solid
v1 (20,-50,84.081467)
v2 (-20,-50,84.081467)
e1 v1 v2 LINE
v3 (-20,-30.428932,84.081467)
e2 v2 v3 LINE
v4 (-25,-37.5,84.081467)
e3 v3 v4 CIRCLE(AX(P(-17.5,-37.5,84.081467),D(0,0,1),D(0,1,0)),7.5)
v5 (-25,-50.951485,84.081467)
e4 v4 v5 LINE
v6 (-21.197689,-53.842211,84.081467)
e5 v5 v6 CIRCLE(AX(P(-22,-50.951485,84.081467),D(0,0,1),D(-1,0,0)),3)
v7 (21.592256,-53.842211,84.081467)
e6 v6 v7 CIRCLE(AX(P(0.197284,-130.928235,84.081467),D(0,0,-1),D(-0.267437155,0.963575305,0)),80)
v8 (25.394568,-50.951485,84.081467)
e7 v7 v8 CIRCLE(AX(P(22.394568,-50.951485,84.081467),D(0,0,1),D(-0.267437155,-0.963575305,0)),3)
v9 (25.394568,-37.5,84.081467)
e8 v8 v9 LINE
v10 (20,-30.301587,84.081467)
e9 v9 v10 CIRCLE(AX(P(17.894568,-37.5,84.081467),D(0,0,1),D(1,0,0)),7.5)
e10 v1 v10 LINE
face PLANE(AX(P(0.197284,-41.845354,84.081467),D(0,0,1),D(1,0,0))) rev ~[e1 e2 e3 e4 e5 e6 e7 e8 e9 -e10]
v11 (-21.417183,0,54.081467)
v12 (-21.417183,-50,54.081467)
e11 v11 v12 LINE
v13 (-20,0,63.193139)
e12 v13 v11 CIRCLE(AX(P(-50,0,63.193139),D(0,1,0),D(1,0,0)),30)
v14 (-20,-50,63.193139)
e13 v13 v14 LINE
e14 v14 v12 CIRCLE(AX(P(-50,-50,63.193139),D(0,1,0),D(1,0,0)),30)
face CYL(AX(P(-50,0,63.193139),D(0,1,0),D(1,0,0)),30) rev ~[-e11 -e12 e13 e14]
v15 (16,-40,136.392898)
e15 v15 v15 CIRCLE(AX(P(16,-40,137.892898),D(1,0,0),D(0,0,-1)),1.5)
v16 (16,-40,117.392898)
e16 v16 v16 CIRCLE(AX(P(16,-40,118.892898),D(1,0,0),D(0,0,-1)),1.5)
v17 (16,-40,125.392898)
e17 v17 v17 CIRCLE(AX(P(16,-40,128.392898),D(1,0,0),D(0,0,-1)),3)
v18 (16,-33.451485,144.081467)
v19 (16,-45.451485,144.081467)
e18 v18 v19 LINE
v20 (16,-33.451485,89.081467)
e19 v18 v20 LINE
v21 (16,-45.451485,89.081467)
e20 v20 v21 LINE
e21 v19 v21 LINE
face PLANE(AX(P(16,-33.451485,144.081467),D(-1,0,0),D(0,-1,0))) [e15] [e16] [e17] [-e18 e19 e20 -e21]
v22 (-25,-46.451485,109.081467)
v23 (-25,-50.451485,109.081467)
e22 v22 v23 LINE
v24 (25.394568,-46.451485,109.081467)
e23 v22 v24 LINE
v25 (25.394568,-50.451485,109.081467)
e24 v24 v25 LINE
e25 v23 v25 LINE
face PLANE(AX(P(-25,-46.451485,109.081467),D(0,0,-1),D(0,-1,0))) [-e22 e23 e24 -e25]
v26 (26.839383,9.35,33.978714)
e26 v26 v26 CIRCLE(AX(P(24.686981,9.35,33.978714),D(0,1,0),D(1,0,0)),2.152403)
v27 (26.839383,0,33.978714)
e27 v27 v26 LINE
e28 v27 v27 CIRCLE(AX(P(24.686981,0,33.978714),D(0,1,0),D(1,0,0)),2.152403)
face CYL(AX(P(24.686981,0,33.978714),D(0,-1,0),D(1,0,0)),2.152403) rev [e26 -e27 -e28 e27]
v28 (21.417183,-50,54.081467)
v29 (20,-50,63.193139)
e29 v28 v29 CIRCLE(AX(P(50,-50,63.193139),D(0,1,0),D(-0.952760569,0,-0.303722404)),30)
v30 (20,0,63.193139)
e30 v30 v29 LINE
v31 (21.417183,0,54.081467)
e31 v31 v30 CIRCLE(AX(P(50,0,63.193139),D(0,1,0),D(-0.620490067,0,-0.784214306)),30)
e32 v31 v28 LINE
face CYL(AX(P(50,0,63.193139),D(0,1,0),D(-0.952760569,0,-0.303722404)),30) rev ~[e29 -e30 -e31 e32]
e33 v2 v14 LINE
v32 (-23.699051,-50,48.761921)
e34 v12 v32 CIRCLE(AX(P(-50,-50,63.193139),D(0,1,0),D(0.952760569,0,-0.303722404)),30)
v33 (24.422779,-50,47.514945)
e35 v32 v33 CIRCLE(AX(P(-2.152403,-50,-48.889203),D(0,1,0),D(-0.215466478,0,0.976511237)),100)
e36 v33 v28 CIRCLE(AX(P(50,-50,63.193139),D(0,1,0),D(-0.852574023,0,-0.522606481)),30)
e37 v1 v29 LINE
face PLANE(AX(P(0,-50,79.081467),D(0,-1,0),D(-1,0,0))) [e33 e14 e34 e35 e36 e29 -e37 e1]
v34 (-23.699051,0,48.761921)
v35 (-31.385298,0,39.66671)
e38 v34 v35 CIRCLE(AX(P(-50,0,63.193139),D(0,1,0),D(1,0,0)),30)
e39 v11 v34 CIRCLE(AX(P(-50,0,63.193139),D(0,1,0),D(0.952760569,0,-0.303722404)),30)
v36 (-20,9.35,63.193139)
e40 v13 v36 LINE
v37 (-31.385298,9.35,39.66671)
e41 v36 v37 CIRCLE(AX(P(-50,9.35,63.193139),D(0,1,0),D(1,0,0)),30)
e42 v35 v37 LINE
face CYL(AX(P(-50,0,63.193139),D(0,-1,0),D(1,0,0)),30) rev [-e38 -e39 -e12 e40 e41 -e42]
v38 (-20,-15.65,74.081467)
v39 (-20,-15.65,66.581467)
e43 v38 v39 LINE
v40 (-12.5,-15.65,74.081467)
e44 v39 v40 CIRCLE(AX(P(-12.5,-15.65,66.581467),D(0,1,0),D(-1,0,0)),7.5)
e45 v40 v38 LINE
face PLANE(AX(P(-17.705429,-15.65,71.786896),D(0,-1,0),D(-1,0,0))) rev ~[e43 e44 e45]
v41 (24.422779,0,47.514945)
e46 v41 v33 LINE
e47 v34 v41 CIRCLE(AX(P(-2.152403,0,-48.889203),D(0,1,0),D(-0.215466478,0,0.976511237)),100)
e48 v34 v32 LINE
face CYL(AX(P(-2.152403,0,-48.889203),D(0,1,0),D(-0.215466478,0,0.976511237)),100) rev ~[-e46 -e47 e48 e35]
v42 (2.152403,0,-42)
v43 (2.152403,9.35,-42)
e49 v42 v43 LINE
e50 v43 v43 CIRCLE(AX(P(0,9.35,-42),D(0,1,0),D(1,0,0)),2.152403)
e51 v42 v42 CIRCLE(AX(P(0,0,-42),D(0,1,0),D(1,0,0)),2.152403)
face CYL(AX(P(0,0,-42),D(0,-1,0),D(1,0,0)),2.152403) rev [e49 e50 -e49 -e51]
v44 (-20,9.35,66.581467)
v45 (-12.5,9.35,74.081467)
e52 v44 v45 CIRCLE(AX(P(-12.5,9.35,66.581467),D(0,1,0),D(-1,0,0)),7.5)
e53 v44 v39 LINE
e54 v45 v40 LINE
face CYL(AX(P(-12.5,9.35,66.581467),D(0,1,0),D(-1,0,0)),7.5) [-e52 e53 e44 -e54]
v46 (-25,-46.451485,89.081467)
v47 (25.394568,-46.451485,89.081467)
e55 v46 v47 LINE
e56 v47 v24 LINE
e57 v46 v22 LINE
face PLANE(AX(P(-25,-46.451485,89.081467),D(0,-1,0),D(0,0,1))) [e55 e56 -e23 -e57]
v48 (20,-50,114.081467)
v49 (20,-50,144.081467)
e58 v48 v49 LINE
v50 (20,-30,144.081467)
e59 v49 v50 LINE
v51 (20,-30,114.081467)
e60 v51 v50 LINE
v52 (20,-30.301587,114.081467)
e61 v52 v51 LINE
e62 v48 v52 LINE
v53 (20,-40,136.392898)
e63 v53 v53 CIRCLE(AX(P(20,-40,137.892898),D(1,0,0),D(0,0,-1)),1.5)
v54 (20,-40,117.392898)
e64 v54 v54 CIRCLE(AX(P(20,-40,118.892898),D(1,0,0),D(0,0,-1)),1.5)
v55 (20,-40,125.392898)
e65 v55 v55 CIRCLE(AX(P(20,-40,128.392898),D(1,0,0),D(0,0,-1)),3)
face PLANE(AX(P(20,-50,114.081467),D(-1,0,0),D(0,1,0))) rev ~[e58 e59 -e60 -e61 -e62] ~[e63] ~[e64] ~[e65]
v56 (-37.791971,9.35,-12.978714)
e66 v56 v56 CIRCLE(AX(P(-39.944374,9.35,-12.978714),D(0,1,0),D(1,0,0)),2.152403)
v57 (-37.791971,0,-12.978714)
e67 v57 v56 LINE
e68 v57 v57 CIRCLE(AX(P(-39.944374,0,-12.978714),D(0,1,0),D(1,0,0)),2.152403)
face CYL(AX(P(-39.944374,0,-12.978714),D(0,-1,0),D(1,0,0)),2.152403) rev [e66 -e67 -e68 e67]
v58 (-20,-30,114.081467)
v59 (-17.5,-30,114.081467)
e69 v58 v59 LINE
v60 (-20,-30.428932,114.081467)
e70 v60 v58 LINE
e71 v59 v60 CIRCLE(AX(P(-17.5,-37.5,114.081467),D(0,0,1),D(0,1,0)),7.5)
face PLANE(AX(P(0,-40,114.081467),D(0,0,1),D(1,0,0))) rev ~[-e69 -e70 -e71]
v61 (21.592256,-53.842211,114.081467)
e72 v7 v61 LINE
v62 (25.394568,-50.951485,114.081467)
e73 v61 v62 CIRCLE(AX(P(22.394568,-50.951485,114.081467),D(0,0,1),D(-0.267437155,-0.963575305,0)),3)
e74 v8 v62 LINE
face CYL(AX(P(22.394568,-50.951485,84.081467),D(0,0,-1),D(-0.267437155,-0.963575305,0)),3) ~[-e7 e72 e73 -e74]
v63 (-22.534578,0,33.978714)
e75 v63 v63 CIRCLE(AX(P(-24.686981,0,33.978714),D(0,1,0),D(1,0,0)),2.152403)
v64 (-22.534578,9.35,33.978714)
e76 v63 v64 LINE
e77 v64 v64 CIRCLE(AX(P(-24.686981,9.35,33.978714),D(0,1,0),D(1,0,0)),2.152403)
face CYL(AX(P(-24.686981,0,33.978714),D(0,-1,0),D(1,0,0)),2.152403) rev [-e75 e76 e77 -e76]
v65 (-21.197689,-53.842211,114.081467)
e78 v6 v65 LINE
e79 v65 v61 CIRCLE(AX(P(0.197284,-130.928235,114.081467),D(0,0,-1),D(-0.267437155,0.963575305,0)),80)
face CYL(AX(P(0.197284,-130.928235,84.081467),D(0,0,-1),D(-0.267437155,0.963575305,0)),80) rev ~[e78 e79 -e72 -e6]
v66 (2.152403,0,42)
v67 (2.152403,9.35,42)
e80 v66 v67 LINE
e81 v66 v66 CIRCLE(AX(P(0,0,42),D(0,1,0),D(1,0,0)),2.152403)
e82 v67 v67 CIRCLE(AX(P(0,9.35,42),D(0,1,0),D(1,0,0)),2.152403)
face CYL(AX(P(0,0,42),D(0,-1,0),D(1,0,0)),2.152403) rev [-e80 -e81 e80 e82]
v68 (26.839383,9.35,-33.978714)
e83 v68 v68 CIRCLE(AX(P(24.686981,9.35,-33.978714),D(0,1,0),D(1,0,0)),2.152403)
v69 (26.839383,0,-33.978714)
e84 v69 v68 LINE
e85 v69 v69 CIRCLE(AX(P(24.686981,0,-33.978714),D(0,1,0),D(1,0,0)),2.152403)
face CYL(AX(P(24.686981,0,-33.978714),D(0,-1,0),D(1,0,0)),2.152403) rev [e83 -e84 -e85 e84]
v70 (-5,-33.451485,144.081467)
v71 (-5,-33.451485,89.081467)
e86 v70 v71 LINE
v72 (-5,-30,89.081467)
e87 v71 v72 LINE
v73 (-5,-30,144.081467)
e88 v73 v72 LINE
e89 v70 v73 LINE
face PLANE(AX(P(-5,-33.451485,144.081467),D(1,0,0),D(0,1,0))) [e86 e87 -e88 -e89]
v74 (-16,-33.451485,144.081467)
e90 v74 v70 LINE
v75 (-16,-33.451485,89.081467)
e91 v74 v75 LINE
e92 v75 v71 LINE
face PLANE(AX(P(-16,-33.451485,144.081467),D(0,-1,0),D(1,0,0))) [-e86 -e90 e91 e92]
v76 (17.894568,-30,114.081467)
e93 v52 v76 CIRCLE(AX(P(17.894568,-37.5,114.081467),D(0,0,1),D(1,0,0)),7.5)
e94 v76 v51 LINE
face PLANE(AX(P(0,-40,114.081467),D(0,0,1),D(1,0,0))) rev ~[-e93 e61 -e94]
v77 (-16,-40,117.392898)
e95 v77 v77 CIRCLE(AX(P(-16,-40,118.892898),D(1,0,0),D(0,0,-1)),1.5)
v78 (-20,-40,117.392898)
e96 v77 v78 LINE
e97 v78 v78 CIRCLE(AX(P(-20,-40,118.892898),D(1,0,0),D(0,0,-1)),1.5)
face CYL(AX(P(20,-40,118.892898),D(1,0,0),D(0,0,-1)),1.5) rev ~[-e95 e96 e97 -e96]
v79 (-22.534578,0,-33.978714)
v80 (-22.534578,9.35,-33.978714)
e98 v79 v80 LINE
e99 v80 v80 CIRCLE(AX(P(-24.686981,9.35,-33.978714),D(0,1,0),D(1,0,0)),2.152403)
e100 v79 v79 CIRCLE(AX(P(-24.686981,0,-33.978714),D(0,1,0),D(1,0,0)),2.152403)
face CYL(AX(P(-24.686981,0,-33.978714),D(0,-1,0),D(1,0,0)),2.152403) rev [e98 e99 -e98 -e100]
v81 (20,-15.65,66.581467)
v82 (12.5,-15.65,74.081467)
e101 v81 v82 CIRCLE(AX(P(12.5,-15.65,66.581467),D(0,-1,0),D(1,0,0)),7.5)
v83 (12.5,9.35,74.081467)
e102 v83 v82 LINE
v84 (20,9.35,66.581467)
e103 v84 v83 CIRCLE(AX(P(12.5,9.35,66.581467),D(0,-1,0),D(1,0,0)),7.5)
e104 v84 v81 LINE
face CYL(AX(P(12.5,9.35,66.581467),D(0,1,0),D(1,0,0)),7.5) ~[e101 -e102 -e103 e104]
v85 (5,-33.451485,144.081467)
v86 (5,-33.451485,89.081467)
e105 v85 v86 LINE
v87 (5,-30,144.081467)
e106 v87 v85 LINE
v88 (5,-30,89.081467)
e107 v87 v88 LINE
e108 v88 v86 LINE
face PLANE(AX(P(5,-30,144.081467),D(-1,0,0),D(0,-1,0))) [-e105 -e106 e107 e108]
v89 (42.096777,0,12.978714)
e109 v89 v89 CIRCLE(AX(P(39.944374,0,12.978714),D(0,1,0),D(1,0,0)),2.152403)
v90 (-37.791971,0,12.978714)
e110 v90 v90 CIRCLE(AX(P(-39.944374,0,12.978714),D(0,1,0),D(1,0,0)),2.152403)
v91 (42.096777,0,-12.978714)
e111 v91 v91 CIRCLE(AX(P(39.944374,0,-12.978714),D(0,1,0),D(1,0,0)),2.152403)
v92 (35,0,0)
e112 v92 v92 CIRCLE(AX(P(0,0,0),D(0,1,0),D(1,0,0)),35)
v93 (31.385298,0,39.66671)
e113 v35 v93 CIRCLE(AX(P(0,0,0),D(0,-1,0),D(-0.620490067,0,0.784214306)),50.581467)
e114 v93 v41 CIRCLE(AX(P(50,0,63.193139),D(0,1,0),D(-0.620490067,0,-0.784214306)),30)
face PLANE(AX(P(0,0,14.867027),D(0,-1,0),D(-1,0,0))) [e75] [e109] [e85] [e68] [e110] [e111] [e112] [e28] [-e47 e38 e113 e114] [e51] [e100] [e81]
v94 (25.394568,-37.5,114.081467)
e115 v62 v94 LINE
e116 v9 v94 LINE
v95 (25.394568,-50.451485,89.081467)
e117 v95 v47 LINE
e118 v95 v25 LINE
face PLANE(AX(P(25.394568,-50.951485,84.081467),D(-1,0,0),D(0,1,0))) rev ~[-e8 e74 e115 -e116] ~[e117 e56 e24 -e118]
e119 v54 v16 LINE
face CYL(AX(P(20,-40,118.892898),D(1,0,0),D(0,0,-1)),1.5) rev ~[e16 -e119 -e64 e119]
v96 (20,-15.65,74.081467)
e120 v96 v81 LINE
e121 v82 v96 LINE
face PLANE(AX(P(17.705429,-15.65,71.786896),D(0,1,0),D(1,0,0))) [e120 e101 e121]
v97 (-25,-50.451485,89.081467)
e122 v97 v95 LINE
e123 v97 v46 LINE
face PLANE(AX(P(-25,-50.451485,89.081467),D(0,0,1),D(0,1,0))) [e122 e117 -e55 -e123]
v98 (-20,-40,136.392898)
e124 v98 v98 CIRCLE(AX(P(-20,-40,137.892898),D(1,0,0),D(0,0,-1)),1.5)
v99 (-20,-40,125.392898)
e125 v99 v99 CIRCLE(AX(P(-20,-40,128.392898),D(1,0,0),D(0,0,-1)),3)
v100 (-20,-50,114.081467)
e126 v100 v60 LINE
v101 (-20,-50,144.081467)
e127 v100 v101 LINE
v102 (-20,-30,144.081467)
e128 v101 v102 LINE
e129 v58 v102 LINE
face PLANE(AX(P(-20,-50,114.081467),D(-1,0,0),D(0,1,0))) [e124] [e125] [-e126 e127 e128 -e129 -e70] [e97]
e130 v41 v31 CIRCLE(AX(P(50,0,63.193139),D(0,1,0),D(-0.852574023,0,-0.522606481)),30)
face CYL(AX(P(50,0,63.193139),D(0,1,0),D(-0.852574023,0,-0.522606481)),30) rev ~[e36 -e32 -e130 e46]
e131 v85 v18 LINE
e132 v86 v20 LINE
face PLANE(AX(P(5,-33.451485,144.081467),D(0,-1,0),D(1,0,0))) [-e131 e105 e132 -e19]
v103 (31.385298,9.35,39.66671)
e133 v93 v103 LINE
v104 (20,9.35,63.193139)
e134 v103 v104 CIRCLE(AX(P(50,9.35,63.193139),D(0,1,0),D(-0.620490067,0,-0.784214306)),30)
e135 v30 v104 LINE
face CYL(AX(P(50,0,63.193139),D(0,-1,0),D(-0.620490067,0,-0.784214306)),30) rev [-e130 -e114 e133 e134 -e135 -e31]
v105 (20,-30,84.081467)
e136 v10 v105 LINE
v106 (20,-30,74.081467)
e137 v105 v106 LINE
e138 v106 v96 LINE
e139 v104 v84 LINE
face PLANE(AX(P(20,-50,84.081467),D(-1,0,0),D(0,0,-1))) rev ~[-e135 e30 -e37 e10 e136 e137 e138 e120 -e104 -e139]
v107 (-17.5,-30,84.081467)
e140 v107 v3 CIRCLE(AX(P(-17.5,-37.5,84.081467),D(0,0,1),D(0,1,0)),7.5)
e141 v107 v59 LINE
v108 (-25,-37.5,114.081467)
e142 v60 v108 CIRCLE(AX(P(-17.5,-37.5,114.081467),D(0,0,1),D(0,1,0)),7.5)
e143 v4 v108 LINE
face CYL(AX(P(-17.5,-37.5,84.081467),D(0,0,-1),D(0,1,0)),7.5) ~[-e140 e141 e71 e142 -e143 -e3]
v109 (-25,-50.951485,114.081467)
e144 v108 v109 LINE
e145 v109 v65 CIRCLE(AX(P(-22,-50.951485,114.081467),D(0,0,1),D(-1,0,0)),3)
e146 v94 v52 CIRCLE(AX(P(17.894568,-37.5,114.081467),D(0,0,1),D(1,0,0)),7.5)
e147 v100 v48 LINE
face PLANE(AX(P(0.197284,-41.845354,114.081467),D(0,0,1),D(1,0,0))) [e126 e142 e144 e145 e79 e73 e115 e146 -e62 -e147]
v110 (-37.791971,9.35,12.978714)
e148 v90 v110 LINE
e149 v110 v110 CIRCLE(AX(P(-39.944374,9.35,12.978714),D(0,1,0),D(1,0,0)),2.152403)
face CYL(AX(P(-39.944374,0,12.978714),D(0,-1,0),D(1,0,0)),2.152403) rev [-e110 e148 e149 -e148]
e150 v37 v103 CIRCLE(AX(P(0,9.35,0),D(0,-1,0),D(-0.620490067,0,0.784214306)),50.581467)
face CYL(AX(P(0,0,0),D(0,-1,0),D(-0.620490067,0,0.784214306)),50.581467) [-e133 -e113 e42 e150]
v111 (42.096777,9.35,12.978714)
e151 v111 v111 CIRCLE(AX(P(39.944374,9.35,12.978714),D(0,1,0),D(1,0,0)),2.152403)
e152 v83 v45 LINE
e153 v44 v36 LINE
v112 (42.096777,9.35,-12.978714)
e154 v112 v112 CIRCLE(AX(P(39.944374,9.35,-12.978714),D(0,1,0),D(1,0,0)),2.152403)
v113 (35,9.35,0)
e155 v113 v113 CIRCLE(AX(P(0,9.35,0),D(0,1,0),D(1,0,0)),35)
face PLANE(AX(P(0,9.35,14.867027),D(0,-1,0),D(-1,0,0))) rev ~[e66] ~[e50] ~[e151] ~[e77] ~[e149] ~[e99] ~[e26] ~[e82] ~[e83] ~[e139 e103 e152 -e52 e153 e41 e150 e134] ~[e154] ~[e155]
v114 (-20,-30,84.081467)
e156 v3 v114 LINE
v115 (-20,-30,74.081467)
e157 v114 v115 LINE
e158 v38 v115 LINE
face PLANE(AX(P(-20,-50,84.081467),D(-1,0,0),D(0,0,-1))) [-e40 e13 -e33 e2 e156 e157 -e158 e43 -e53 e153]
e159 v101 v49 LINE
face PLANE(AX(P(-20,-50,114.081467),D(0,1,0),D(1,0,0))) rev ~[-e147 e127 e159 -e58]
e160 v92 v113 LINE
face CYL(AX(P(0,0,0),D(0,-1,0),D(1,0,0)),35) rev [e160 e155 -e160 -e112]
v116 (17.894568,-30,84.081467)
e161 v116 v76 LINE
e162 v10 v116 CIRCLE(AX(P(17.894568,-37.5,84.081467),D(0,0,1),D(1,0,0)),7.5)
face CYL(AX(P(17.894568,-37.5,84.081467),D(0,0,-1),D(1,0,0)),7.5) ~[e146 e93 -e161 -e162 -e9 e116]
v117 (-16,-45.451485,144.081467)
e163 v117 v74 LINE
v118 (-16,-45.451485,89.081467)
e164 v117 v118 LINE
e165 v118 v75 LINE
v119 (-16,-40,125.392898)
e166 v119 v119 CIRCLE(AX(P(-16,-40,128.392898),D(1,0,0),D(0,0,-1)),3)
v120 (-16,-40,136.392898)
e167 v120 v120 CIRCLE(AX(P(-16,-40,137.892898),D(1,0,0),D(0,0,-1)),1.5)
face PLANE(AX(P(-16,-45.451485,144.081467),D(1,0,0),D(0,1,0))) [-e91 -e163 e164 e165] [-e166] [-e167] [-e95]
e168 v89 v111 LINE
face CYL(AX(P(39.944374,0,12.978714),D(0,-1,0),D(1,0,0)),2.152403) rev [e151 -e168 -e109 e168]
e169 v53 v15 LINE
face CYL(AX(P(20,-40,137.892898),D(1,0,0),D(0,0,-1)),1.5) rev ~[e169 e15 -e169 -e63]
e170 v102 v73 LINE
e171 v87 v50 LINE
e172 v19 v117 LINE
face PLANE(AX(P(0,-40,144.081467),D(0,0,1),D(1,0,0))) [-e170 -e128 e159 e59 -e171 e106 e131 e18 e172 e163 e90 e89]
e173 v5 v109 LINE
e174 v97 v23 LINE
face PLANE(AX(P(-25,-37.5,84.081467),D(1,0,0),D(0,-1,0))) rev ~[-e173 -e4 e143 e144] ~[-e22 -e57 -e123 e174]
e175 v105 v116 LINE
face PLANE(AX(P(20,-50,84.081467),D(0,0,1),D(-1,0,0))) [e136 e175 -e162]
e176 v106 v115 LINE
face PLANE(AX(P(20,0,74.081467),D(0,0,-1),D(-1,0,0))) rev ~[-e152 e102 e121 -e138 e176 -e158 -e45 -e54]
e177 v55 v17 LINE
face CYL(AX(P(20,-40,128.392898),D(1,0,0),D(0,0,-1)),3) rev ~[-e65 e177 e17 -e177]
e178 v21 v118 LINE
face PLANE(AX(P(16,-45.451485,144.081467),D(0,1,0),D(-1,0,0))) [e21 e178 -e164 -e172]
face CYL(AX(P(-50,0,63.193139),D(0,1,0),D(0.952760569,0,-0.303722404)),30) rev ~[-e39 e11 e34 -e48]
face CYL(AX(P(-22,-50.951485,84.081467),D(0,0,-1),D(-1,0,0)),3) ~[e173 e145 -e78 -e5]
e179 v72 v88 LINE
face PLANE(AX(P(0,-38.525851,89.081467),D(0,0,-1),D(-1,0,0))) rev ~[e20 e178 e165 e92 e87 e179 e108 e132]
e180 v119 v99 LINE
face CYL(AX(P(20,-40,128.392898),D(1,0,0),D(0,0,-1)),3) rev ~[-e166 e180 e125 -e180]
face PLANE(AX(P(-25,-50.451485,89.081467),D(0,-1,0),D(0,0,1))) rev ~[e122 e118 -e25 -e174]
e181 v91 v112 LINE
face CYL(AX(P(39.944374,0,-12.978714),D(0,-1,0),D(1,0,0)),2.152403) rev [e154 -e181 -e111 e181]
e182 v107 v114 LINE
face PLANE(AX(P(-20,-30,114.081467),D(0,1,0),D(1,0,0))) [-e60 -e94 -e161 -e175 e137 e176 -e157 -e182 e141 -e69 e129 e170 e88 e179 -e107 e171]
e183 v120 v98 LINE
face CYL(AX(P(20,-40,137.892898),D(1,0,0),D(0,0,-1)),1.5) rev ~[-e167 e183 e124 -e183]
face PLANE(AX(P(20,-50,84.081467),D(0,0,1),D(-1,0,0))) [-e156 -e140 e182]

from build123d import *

# Parameters (mm, degrees)
SKETCH2_R           = 2.152402862
SKETCH2_R_2         = 35
BOSS_EXTRUDE2_DEPTH = 9.35
BOSS_EXTRUDE3_DEPTH = 50
CUT_EXTRUDE2_DEPTH  = 25
SKETCH8_W           = 40
SKETCH8_H           = 10
BOSS_EXTRUDE4_DEPTH = 20
BOSS_EXTRUDE5_DEPTH = 30
CUT_EXTRUDE4_DEPTH  = 56
SKETCH15_W          = 40
SKETCH15_H          = 20
BOSS_EXTRUDE6_DEPTH = 30
CUT_EXTRUDE5_DEPTH  = 55
SKETCH18_R          = 3
SKETCH18_R_2        = 1.5
CUT_EXTRUDE6_DEPTH  = 42


with BuildPart() as part:
    # Sketch2 → Boss-Extrude2 (new body)
    with BuildSketch(Plane(origin=(0, 0, 0), x_dir=(1, 0, 0), z_dir=(0, 1, 0))):
        with BuildLine():
            Line((-20, -74.081467259), (-20, -63.193139387))
            ThreePointArc((-20, -63.193139387), (-22.995916419, -50.124877454), (-31.385297997, -39.66671022))
            ThreePointArc((-31.385297997, -39.66671022), (0, 50.581467259), (31.385297997, -39.66671022))
            ThreePointArc((31.385297997, -39.66671022), (22.995916419, -50.124877454), (20, -63.193139387))
            Line((20, -63.193139387), (20, -74.081467259))
            Line((20, -74.081467259), (-20, -74.081467259))
        make_face()
        with Locations((0, 42)):
            Circle(SKETCH2_R, mode=Mode.SUBTRACT)
        with Locations((24.686980596, 33.978713764)):
            Circle(SKETCH2_R, mode=Mode.SUBTRACT)
        with Locations((39.944373684, 12.978713764)):
            Circle(SKETCH2_R, mode=Mode.SUBTRACT)
        with Locations((39.944373684, -12.978713764)):
            Circle(SKETCH2_R, mode=Mode.SUBTRACT)
        with Locations((24.686980596, -33.978713764)):
            Circle(SKETCH2_R, mode=Mode.SUBTRACT)
        with Locations((0, -42)):
            Circle(SKETCH2_R, mode=Mode.SUBTRACT)
        with Locations((-24.686980596, -33.978713764)):
            Circle(SKETCH2_R, mode=Mode.SUBTRACT)
        with Locations((-39.944373684, -12.978713764)):
            Circle(SKETCH2_R, mode=Mode.SUBTRACT)
        with Locations((-39.944373684, 12.978713764)):
            Circle(SKETCH2_R, mode=Mode.SUBTRACT)
        with Locations((-24.686980596, 33.978713764)):
            Circle(SKETCH2_R, mode=Mode.SUBTRACT)
        Circle(SKETCH2_R_2, mode=Mode.SUBTRACT)
    extrude(amount=BOSS_EXTRUDE2_DEPTH)

    # Sketch4 → Boss-Extrude3 (add)
    with BuildSketch(Plane.XZ):
        with BuildLine():
            Line((20, 74.081467259), (-20, 74.081467259))
            Line((-20, 74.081467259), (-20, 63.193139387))
            ThreePointArc((-20, 63.193139387), (-20.356412905, 58.582527267), (-21.417182941, 54.081467259))
            ThreePointArc((-21.417182941, 54.081467259), (-22.429520384, 51.366531516), (-23.699050675, 48.761920984))
            ThreePointArc((-23.699050675, 48.761920984), (0.438017323, 51.077240228), (24.422779297, 47.514944939))
            ThreePointArc((24.422779297, 47.514944939), (22.721671121, 50.70743662), (21.417182941, 54.081467259))
            ThreePointArc((21.417182941, 54.081467259), (20.356412905, 58.582527267), (20, 63.193139387))
            Line((20, 63.193139387), (20, 74.081467259))
        make_face()
    extrude(amount=BOSS_EXTRUDE3_DEPTH)

    # Sketch6 → Cut-Extrude2 (cut)
    with BuildSketch(Plane(origin=(0, 9.35, 0), x_dir=(1, 0, 0), z_dir=(0, 1, 0))):
        with BuildLine():
            Line((-12.5, -74.081467259), (-20, -74.081467259))
            Line((-20, -74.081467259), (-20, -66.581467259))
            ThreePointArc((-20, -66.581467259), (-17.803300859, -71.884768118), (-12.5, -74.081467259))
        make_face()
        with BuildLine():
            Line((12.5, -74.081467259), (20, -74.081467259))
            Line((20, -74.081467259), (20, -66.581467259))
            ThreePointArc((20, -66.581467259), (17.803300859, -71.884768118), (12.5, -74.081467259))
        make_face()
    extrude(amount=-CUT_EXTRUDE2_DEPTH, mode=Mode.SUBTRACT)

    # Sketch8 → Boss-Extrude4 (add)
    with BuildSketch(Plane(origin=(0, -50, 0), x_dir=(-1, 0, 0), z_dir=(0, -1, 0))):
        with Locations((0, -79.081467259)):
            Rectangle(SKETCH8_W, SKETCH8_H)
    extrude(amount=-BOSS_EXTRUDE4_DEPTH)

    # Sketch10 → Boss-Extrude5 (add)
    with BuildSketch(Plane.XY.offset(84.081467259)):
        with BuildLine():
            Line((-25, -37.5), (-25, -50.951484801))
            ThreePointArc((-25, -50.951484801), (-23.815635647, -53.339678092), (-21.197688536, -53.842210716))
            ThreePointArc((-21.197688536, -53.842210716), (0.197283847, -50.928235109), (21.59225623, -53.842210716))
            ThreePointArc((21.59225623, -53.842210716), (24.210203342, -53.339678092), (25.394567694, -50.951484801))
            Line((25.394567694, -50.951484801), (25.394567694, -37.5))
            ThreePointArc((25.394567694, -37.5), (23.197868553, -32.196699141), (17.894567694, -30))
            Line((17.894567694, -30), (-17.5, -30))
            ThreePointArc((-17.5, -30), (-22.803300859, -32.196699141), (-25, -37.5))
        make_face()
    extrude(amount=BOSS_EXTRUDE5_DEPTH)

    # Sketch11 → Cut-Extrude4 (cut)
    with BuildSketch(Plane.ZY.offset(25)):
        Polygon((109.081467259, -46.451484801), (109.081467259, -50.451484801), (99.081467259, -50.451484801), (89.081467259, -50.451484801), (89.081467259, -46.451484801), align=None)
    extrude(amount=-CUT_EXTRUDE4_DEPTH, mode=Mode.SUBTRACT)

    # Sketch15 → Boss-Extrude6 (add)
    with BuildSketch(Plane.XY.offset(114.081467259)):
        with Locations((0, -40)):
            Rectangle(SKETCH15_W, SKETCH15_H)
    extrude(amount=BOSS_EXTRUDE6_DEPTH)

    # Sketch17 → Cut-Extrude5 (cut)
    with BuildSketch(Plane.XY.offset(144.081467259)):
        Polygon((5, -30), (5, -33.451484801), (16, -33.451484801), (16, -45.451484801), (-16, -45.451484801), (-16, -33.451484801), (-5, -33.451484801), (-5, -30), align=None)
    extrude(amount=-CUT_EXTRUDE5_DEPTH, mode=Mode.SUBTRACT)

    # Sketch18 → Cut-Extrude6 (cut)
    with BuildSketch(Plane(origin=(20, 0, 0), x_dir=(0, 0, -1), z_dir=(1, 0, 0))):
        with Locations((-128.392898154, -40)):
            Circle(SKETCH18_R)
        with Locations((-118.892898154, -40)):
            Circle(SKETCH18_R_2)
        with Locations((-137.892898154, -40)):
            Circle(SKETCH18_R_2)
    extrude(amount=-CUT_EXTRUDE6_DEPTH, mode=Mode.SUBTRACT)


solid = part.part
